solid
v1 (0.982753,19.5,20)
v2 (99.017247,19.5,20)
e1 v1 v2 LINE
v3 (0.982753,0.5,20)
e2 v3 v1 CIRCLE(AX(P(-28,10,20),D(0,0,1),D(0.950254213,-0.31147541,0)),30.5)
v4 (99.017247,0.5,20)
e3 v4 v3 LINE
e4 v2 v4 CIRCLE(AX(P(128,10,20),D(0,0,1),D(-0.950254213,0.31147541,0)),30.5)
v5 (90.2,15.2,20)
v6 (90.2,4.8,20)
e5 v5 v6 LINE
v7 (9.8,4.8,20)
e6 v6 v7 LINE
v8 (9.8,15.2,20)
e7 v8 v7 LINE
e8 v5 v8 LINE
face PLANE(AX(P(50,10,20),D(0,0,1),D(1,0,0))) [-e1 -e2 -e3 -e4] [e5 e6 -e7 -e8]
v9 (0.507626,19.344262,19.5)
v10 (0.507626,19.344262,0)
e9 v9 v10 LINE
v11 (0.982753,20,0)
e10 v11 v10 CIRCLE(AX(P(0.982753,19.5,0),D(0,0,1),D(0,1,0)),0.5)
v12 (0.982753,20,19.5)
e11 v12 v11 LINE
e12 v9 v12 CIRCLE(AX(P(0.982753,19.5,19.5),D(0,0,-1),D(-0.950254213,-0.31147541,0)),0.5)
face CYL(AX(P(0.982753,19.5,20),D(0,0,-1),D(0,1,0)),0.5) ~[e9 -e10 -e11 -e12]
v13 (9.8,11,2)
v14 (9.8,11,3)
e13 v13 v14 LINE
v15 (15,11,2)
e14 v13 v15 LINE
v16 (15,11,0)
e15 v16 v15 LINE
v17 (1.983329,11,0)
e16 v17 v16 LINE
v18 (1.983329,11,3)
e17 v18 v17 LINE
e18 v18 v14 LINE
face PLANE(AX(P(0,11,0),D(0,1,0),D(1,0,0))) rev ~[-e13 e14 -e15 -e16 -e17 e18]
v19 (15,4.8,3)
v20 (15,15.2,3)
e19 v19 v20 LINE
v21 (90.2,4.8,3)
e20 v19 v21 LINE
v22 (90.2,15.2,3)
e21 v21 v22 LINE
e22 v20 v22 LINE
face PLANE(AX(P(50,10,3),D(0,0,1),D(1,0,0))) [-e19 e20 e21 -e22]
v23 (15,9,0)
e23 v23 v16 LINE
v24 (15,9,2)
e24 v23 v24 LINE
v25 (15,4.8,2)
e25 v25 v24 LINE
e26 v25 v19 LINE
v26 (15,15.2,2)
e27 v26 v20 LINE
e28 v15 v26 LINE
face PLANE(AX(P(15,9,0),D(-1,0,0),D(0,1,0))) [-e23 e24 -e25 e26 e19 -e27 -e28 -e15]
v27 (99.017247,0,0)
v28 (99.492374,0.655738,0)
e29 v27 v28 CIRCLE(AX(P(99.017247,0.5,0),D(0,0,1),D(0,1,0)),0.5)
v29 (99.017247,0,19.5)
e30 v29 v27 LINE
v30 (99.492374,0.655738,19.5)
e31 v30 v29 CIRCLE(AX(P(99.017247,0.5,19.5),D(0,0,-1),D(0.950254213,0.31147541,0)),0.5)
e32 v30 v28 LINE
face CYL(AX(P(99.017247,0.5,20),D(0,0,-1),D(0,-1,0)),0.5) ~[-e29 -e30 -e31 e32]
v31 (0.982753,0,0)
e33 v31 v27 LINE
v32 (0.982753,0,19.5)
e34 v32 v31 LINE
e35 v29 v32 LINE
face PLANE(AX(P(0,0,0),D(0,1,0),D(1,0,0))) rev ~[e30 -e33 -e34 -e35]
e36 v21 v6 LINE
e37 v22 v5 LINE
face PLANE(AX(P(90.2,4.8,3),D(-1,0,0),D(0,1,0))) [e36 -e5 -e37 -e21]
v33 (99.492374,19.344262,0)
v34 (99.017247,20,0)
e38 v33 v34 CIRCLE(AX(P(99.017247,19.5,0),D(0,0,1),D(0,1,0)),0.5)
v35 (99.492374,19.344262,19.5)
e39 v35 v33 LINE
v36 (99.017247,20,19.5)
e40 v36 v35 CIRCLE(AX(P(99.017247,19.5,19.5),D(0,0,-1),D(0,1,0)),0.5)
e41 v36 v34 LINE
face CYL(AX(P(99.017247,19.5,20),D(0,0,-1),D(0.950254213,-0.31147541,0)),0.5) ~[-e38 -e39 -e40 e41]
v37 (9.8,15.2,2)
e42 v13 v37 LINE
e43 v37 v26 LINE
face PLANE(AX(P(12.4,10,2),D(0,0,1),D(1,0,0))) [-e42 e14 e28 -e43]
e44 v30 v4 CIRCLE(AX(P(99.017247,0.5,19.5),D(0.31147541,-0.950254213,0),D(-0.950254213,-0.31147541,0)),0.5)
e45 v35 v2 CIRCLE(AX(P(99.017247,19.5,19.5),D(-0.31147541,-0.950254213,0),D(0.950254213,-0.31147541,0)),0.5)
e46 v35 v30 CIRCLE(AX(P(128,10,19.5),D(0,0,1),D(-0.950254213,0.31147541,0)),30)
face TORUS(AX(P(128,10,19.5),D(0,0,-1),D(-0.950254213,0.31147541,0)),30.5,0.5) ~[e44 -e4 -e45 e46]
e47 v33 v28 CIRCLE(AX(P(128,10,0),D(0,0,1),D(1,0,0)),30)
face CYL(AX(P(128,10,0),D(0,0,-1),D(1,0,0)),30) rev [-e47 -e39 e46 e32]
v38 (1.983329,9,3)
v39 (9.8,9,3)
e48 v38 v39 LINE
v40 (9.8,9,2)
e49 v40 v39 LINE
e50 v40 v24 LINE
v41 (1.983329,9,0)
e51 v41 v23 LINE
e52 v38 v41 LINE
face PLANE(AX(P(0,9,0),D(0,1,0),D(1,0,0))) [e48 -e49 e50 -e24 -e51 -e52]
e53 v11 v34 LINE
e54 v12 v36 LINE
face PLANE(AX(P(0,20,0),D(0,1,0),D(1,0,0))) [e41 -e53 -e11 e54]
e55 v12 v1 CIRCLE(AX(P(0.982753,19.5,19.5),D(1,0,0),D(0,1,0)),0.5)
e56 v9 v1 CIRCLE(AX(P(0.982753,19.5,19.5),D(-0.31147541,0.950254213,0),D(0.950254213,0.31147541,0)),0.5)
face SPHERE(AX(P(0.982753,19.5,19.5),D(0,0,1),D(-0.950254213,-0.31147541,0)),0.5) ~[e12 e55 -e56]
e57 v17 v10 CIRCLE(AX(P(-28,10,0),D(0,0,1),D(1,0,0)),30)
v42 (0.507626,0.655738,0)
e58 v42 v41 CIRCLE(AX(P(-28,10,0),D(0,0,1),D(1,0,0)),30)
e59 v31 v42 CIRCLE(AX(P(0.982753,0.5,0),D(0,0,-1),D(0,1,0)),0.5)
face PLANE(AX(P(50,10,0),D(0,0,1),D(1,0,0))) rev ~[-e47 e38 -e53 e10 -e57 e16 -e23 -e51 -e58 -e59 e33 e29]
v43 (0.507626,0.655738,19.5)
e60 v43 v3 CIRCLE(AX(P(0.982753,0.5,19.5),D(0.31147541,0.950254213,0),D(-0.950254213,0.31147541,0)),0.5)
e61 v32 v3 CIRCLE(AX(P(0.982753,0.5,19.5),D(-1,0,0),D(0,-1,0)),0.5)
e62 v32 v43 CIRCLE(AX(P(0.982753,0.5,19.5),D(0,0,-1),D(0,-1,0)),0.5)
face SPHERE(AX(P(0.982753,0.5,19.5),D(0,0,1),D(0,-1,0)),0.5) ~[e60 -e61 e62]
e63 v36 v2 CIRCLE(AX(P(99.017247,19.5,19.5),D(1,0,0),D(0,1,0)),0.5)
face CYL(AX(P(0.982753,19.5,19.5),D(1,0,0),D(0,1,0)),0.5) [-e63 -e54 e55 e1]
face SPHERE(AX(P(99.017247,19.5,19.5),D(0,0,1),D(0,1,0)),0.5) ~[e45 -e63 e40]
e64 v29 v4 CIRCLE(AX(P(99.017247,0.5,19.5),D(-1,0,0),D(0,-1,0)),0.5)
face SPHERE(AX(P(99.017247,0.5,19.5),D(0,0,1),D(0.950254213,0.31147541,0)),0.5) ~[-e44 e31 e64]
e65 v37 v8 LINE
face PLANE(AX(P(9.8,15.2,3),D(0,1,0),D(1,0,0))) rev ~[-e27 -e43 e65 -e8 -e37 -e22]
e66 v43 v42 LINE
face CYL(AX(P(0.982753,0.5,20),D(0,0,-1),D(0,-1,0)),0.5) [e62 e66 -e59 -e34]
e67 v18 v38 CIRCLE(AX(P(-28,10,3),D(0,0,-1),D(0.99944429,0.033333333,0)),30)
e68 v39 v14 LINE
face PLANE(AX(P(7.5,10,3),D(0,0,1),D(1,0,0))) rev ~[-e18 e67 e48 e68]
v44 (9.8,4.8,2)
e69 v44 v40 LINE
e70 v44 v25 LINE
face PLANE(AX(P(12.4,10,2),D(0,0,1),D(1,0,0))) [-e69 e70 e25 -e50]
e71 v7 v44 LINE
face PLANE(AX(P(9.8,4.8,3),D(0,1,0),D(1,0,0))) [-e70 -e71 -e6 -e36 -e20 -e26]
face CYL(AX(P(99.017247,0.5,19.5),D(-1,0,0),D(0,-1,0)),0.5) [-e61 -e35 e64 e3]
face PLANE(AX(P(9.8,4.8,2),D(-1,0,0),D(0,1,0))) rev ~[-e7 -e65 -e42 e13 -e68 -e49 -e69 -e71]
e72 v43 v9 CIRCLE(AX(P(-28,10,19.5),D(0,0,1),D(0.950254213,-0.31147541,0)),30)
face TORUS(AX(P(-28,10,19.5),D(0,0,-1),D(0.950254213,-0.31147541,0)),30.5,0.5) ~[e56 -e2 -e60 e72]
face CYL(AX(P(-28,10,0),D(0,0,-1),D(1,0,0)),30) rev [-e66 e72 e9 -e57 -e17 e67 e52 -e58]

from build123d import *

# Parameters (mm, degrees)
CYLINDER_R        = 30
CYLINDER_DEPTH    = 20
CYLINDER001_R     = 30
CYLINDER001_DEPTH = 20
BOX003_W          = 5.2
BOX003_H          = 10.4
BOX003_DEPTH      = 1
BOX002_W          = 15
BOX002_H          = 2
BOX002_DEPTH      = 3
BOX001_W          = 80.4
BOX001_H          = 10.4
BOX001_DEPTH      = 20
BOX_W             = 100
BOX_H             = 20
BOX_DEPTH         = 20
FILLET_R          = 0.5
FILLET001_R       = 0.5


with BuildPart() as cylinder:
    # Cylinder → Cylinder (new body)
    with BuildSketch(Plane(origin=(-28, 10, 0), x_dir=(1, 0, 0), z_dir=(0, 0, 1))):
        Circle(CYLINDER_R)
    extrude(amount=CYLINDER_DEPTH)


with BuildPart() as cylinder001:
    # Cylinder001 → Cylinder001 (new body)
    with BuildSketch(Plane(origin=(128, 10, 0), x_dir=(1, 0, 0), z_dir=(0, 0, 1))):
        Circle(CYLINDER001_R)
    extrude(amount=CYLINDER001_DEPTH)


with BuildPart() as cube003:
    # Box003 → Box003 (new body)
    with BuildSketch(Plane(origin=(9.8, 4.8, 2), x_dir=(1, 0, 0), z_dir=(0, 0, 1))):
        with Locations((2.6, 5.2)):
            Rectangle(BOX003_W, BOX003_H)
    extrude(amount=BOX003_DEPTH)


with BuildPart() as cube002:
    # Box002 → Box002 (new body)
    with BuildSketch(Plane(origin=(0, 9, 0), x_dir=(1, 0, 0), z_dir=(0, 0, 1))):
        with Locations((7.5, 1)):
            Rectangle(BOX002_W, BOX002_H)
    extrude(amount=BOX002_DEPTH)


with BuildPart() as cube001:
    # Box001 → Box001 (new body)
    with BuildSketch(Plane(origin=(9.8, 4.8, 3), x_dir=(1, 0, 0), z_dir=(0, 0, 1))):
        with Locations((40.2, 5.2)):
            Rectangle(BOX001_W, BOX001_H)
    extrude(amount=BOX001_DEPTH)


with BuildPart() as fillet001:
    # Box → Box (new body)
    with BuildSketch(Plane.XY):
        with Locations((50, 10)):
            Rectangle(BOX_W, BOX_H)
    extrude(amount=BOX_DEPTH)

    # Cut: cut Cube001
    add(cube001.part, mode=Mode.SUBTRACT)

    # Cut001: cut Cube002
    add(cube002.part, mode=Mode.SUBTRACT)

    # Cut002: cut Cube003
    add(cube003.part, mode=Mode.SUBTRACT)

    # Cut003: cut Cylinder001
    add(cylinder001.part, mode=Mode.SUBTRACT)

    # Cut004: cut Cylinder
    add(cylinder.part, mode=Mode.SUBTRACT)

    # Fillet
    fillet_edges = [fillet001.edges().sort_by_distance(p)[0] for p in [
        (99.715729, 20, 10),
        (0.284271, 20, 10),
        (99.715729, 0, 10),
        (0.284271, 0, 10),
    ]]
    fillet(fillet_edges, radius=FILLET_R)

    # Fillet001
    fillet001_edges = [fillet001.edges().sort_by_distance(p)[0] for p in [
        (50, 20, 20),
        (0.577865, 19.793369, 20),
        (99.422135, 19.793369, 20),
        (1.624557, 14.731343, 20),
        (98, 10, 20),
        (1.624557, 5.268657, 20),
        (99.422135, 0.206631, 20),
        (0.577865, 0.206631, 20),
        (50, 0, 20),
    ]]
    fillet(fillet001_edges, radius=FILLET001_R)


solid = fillet001.part
